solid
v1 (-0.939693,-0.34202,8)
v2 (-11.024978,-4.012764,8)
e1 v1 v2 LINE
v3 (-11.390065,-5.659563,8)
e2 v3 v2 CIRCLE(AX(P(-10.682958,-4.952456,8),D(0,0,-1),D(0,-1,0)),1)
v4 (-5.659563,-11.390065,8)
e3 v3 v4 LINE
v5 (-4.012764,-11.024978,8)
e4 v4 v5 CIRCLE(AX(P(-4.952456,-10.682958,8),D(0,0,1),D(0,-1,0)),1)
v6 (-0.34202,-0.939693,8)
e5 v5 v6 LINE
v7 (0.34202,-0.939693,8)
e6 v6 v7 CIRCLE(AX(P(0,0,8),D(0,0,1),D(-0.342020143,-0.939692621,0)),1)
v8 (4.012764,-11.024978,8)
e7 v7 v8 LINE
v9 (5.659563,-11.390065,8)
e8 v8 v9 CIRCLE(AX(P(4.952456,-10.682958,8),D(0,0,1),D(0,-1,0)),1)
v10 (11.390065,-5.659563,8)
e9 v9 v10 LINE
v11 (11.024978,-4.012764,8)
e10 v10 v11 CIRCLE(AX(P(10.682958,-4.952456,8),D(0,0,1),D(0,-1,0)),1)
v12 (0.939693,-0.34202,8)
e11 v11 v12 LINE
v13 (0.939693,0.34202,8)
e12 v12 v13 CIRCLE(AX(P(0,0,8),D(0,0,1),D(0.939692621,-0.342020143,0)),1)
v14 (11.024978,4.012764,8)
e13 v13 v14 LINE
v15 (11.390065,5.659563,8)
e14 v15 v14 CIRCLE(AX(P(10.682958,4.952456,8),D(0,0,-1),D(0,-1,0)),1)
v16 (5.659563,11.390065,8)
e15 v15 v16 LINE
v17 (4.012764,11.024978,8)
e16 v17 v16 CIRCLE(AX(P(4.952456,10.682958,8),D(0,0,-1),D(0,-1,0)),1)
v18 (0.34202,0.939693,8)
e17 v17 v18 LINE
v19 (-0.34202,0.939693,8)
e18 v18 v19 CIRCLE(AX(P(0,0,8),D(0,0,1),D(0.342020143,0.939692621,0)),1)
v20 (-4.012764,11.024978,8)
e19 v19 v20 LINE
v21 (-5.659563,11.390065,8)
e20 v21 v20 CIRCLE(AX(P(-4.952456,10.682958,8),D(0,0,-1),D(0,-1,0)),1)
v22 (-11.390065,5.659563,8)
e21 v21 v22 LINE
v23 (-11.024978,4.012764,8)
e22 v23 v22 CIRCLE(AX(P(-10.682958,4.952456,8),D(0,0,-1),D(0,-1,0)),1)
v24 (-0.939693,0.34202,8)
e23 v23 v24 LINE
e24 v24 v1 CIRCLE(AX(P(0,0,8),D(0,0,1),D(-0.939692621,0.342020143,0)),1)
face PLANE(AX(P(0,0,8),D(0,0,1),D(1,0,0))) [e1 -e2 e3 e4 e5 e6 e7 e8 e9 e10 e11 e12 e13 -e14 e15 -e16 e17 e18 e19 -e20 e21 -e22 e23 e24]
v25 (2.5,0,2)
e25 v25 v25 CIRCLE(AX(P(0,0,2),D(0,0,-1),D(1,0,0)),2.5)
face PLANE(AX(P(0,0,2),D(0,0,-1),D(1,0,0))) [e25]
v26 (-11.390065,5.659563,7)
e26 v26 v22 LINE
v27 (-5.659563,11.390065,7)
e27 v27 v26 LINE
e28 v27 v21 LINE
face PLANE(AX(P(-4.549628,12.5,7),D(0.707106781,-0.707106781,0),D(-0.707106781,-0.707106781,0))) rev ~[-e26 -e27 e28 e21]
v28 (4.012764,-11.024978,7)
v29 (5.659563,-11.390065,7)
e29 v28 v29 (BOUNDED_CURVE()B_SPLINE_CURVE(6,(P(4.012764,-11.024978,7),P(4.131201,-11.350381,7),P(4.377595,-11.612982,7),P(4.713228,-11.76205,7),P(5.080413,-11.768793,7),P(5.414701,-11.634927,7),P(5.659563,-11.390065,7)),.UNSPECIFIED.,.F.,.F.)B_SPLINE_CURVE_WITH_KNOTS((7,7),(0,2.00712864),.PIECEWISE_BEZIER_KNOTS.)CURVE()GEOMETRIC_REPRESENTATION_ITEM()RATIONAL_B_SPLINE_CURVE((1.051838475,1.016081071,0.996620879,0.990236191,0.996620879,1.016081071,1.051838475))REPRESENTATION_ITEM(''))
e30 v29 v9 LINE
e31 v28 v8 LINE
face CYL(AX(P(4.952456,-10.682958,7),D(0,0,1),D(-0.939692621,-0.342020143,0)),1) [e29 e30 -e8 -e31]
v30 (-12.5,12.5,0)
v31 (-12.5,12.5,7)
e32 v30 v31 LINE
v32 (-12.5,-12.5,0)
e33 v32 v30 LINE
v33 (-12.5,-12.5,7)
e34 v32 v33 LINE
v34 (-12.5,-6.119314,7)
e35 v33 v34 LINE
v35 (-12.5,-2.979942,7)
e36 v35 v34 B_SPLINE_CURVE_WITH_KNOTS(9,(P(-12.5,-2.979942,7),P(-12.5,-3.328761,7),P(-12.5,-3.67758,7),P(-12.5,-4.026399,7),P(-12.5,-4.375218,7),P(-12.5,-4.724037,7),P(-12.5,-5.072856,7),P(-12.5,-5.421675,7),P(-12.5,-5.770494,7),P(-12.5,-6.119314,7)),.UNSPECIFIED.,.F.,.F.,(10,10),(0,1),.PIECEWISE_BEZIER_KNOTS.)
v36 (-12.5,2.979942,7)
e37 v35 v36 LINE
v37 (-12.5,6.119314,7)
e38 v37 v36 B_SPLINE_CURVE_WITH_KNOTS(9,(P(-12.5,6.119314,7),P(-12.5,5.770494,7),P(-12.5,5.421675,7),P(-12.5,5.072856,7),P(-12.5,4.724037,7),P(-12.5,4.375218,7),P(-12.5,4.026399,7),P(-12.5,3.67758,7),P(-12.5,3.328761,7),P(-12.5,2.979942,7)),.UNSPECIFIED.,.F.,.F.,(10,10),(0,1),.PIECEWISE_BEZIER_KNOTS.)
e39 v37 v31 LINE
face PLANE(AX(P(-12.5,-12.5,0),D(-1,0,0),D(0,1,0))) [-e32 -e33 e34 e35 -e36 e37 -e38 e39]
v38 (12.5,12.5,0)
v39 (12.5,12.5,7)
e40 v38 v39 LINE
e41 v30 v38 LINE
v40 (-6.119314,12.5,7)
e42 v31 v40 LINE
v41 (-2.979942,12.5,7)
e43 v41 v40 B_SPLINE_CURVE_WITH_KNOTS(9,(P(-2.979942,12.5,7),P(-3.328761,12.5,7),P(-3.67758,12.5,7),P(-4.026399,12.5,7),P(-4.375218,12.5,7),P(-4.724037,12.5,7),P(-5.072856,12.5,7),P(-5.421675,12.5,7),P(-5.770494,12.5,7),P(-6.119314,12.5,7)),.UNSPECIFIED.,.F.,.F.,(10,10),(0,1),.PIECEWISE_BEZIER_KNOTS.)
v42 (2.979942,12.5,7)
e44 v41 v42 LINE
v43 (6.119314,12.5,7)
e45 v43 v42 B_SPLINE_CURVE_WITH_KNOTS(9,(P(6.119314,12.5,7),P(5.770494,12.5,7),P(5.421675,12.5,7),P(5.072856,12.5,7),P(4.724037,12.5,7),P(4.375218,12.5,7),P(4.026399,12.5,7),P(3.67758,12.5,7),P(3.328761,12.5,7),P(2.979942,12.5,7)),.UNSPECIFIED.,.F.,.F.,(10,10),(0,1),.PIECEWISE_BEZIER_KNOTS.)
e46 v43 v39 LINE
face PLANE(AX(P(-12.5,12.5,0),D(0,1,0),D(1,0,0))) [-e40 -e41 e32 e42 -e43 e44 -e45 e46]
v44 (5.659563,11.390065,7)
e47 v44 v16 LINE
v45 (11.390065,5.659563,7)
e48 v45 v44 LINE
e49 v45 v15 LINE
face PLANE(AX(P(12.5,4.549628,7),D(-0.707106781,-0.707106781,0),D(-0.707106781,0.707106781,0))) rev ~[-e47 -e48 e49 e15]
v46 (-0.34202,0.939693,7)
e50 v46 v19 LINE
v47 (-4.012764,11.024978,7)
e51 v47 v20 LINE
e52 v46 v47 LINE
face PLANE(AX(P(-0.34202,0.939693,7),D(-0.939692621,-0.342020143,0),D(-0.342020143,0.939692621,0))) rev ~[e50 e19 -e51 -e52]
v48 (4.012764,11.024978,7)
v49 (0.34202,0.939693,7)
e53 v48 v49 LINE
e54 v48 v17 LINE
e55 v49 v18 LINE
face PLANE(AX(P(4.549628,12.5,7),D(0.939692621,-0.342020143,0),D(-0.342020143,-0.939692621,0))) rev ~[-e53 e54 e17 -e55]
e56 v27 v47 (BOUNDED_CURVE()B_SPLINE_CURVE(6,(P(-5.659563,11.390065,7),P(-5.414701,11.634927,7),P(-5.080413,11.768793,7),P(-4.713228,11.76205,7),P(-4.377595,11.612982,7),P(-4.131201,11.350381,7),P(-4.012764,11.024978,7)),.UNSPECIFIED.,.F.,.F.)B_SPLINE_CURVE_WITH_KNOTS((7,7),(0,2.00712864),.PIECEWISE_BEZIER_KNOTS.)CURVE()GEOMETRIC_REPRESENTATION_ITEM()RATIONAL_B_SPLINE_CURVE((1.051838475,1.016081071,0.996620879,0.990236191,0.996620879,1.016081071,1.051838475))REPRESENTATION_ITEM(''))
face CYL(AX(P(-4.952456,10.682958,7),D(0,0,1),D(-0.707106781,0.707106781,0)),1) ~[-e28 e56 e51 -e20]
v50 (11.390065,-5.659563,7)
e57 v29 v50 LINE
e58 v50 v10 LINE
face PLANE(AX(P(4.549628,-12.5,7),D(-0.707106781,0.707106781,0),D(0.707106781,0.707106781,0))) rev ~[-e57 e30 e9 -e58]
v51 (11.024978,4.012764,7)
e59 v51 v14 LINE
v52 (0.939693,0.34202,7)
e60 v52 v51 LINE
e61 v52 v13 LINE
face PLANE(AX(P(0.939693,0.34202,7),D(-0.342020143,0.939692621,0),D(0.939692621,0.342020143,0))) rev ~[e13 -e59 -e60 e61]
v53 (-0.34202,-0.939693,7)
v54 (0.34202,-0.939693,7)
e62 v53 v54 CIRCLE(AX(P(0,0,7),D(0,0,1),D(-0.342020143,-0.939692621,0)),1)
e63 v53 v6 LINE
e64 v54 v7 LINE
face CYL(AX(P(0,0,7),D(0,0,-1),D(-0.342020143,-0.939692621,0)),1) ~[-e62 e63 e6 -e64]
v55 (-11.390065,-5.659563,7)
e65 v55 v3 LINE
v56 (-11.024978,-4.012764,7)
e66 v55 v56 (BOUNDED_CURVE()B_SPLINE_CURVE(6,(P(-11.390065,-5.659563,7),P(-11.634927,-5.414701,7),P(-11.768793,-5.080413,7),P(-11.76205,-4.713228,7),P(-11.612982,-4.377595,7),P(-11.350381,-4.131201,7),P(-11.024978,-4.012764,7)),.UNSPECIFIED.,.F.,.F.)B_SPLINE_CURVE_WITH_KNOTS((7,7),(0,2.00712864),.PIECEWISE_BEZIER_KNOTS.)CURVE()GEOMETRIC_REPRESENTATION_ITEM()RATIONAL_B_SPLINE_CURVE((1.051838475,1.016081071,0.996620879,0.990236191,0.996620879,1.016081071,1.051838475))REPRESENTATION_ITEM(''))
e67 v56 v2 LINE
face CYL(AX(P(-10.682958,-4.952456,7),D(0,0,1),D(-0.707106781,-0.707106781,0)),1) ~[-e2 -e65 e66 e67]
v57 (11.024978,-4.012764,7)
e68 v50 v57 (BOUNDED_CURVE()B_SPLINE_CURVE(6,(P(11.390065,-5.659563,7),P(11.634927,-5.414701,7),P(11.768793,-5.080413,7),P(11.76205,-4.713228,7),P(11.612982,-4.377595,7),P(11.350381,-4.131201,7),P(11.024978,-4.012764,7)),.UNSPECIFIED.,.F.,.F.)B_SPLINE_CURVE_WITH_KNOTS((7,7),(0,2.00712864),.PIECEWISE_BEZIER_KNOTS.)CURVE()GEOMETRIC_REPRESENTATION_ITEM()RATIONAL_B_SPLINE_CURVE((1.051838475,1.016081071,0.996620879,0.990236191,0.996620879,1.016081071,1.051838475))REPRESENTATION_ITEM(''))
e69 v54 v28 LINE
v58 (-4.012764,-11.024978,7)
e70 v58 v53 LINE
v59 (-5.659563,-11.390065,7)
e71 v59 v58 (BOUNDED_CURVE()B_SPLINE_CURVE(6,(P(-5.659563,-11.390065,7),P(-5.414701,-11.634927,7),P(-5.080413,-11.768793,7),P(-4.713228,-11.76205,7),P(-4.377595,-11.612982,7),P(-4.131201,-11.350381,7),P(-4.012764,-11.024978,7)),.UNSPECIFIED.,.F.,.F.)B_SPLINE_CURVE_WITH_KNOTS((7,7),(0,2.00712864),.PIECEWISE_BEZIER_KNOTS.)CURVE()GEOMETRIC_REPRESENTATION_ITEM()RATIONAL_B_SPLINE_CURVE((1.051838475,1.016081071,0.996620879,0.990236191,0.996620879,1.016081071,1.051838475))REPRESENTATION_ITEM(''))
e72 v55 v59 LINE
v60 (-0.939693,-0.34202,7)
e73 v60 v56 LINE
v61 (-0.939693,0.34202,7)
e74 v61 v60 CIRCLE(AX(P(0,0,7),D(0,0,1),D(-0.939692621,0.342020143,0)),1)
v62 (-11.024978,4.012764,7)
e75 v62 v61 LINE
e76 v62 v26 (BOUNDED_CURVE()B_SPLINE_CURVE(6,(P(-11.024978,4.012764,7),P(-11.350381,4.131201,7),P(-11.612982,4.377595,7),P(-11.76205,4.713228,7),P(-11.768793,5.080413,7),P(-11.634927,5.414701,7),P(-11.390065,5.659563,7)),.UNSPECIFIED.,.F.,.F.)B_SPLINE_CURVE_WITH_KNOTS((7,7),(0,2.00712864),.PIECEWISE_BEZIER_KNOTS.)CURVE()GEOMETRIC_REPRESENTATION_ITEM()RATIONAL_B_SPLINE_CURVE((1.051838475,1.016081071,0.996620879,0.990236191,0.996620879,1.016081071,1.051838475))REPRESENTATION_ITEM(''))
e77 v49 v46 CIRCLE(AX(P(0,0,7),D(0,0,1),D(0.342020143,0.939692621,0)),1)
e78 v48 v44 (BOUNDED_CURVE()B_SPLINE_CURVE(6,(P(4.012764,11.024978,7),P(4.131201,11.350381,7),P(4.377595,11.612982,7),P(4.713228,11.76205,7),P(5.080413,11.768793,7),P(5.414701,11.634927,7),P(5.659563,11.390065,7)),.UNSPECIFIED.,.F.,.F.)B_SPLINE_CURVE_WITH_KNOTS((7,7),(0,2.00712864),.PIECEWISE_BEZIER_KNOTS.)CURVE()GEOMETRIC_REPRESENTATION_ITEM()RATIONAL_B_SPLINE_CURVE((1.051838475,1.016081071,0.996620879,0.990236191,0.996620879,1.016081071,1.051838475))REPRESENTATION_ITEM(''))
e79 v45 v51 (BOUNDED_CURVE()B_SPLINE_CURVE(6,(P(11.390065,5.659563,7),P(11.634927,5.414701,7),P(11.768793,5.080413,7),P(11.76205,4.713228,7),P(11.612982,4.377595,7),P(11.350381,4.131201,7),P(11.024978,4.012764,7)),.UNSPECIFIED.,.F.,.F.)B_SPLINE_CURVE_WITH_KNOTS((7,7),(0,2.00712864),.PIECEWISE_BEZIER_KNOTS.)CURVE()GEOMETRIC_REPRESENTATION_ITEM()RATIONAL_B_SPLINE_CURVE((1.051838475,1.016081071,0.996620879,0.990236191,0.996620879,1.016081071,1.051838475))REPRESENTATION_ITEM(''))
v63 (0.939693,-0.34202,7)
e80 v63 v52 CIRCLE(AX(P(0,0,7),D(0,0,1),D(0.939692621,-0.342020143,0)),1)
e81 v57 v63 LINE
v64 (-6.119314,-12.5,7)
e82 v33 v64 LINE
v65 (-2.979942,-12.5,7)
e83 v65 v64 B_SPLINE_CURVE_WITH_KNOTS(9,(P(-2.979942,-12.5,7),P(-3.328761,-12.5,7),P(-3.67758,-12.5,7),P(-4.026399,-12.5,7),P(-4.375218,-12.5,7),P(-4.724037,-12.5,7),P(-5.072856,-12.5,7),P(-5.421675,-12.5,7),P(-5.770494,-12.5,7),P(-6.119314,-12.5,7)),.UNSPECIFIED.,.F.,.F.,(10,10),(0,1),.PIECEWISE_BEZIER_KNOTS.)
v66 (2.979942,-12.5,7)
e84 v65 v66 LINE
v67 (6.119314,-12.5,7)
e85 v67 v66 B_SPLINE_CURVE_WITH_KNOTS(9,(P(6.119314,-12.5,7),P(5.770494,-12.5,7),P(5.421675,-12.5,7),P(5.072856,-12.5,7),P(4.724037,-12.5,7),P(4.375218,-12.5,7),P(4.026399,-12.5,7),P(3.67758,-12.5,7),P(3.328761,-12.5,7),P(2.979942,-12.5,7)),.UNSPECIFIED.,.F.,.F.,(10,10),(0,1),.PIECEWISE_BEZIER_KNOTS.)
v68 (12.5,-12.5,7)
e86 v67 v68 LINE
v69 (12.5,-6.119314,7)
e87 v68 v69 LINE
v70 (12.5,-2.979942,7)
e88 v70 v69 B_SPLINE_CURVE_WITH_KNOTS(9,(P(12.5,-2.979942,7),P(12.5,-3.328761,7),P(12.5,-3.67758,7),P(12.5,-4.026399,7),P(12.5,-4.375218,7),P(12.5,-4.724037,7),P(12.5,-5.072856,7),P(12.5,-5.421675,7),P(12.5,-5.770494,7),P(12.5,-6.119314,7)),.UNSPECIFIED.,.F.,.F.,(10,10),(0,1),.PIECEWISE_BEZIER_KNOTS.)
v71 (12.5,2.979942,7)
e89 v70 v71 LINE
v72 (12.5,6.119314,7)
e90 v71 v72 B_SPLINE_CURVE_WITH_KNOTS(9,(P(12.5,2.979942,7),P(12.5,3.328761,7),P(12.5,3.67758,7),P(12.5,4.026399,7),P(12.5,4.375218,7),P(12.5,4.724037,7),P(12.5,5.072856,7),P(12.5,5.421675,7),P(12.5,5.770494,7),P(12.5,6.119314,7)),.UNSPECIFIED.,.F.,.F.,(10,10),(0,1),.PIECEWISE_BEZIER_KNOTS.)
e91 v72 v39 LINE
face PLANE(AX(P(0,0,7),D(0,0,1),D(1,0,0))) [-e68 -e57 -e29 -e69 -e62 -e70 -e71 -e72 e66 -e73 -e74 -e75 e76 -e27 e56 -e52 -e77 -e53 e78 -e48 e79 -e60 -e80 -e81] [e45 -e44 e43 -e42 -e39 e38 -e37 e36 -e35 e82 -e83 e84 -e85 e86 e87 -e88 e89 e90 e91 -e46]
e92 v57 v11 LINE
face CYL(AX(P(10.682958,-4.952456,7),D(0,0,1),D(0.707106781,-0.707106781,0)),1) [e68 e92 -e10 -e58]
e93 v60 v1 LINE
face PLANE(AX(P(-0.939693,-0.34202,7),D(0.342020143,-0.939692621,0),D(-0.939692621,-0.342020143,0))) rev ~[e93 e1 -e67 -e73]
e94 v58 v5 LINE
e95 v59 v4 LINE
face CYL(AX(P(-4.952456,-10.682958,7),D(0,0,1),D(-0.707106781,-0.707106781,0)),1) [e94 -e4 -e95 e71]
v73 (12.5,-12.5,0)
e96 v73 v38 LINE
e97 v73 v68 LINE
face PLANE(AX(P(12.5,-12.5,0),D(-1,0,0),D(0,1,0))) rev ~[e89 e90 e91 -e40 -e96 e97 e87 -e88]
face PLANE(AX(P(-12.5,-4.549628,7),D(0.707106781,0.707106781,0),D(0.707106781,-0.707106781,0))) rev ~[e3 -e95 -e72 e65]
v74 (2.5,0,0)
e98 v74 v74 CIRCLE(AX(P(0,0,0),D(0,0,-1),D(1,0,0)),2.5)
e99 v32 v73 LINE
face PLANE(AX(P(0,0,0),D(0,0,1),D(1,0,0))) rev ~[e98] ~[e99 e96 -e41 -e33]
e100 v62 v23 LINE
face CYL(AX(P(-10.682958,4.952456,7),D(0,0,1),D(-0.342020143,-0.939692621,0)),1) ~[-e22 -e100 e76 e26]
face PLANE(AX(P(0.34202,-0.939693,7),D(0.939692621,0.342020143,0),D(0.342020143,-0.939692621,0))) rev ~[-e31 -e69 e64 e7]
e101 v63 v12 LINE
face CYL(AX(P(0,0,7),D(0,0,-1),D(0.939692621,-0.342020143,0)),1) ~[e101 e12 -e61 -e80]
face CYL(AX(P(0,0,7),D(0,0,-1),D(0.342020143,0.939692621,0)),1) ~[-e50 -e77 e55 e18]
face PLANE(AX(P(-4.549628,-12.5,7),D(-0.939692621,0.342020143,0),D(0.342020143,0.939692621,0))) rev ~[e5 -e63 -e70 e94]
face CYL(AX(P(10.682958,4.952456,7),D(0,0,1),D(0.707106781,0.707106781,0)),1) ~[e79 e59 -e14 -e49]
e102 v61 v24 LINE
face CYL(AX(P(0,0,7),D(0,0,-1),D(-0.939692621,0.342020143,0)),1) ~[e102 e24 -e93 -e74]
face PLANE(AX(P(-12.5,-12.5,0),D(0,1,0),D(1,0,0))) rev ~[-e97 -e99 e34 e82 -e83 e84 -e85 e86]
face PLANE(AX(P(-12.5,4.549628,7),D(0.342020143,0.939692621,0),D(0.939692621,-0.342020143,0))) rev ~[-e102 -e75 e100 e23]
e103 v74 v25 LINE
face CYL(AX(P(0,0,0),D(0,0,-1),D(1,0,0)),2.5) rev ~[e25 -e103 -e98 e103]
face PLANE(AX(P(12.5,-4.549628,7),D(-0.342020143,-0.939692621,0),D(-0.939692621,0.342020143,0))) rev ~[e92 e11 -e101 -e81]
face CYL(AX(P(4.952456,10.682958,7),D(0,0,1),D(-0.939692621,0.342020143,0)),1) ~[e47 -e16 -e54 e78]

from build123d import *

# Parameters (mm, degrees)
F0_W     = 25
F0_H     = 25
F1_DEPTH = 7
F2_R     = 2.5
F3_DEPTH = 2
F5_DEPTH = 1
F6_R     = 1


with BuildPart() as f1:
    # F0 (on Top) → F1 (new body)
    with BuildSketch(Plane.XY):
        Rectangle(F0_W, F0_H)
    extrude(amount=F1_DEPTH)

    # F2 (on face) → F3 (cut)
    with BuildSketch(Plane(origin=(0, 0, 0), x_dir=(1, 0, 0), z_dir=(0, 0, -1))):
        Circle(F2_R)
    extrude(amount=-F3_DEPTH, mode=Mode.SUBTRACT)

    # F4 (on face) → F5 (join)
    with BuildSketch(Plane.XY.offset(7)):
        with BuildLine():
            Line((-12.5, 4.5496279283), (-0.9396926208, 0.3420201433))
            ThreePointArc((-0.9396926208, 0.3420201433), (-1, 0), (-0.9396926208, -0.3420201433))
            Line((-0.9396926208, -0.3420201433), (-12.5, -4.5496279283))
            Line((-12.5, -4.5496279283), (-4.5496279283, -12.5))
            Line((-4.5496279283, -12.5), (-0.3420201433, -0.9396926208))
            ThreePointArc((-0.3420201433, -0.9396926208), (0, -1), (0.3420201433, -0.9396926208))
            Line((0.3420201433, -0.9396926208), (4.5496279283, -12.5))
            Line((4.5496279283, -12.5), (12.5, -4.5496279283))
            Line((12.5, -4.5496279283), (0.9396926208, -0.3420201433))
            ThreePointArc((0.9396926208, -0.3420201433), (1, 0), (0.9396926208, 0.3420201433))
            Line((0.9396926208, 0.3420201433), (12.5, 4.5496279283))
            Line((12.5, 4.5496279283), (4.5496279283, 12.5))
            Line((4.5496279283, 12.5), (0.3420201433, 0.9396926208))
            ThreePointArc((0.3420201433, 0.9396926208), (0, 1), (-0.3420201433, 0.9396926208))
            Line((-0.3420201433, 0.9396926208), (-4.5496279283, 12.5))
            Line((-4.5496279283, 12.5), (-12.5, 4.5496279283))
        make_face()
    extrude(amount=F5_DEPTH)

    # F6
    f6_edges = [f1.edges().sort_by_distance(p)[0] for p in [
        (-12.5, 4.549628, 7.5),
        (-4.549628, 12.5, 7.5),
        (4.549628, 12.5, 7.5),
        (12.5, 4.549628, 7.5),
        (4.549628, -12.5, 7.5),
        (12.5, -4.549628, 7.5),
        (-4.549628, -12.5, 7.5),
        (-12.5, -4.549628, 7.5),
    ]]
    fillet(f6_edges, radius=F6_R)


solid = f1.part
